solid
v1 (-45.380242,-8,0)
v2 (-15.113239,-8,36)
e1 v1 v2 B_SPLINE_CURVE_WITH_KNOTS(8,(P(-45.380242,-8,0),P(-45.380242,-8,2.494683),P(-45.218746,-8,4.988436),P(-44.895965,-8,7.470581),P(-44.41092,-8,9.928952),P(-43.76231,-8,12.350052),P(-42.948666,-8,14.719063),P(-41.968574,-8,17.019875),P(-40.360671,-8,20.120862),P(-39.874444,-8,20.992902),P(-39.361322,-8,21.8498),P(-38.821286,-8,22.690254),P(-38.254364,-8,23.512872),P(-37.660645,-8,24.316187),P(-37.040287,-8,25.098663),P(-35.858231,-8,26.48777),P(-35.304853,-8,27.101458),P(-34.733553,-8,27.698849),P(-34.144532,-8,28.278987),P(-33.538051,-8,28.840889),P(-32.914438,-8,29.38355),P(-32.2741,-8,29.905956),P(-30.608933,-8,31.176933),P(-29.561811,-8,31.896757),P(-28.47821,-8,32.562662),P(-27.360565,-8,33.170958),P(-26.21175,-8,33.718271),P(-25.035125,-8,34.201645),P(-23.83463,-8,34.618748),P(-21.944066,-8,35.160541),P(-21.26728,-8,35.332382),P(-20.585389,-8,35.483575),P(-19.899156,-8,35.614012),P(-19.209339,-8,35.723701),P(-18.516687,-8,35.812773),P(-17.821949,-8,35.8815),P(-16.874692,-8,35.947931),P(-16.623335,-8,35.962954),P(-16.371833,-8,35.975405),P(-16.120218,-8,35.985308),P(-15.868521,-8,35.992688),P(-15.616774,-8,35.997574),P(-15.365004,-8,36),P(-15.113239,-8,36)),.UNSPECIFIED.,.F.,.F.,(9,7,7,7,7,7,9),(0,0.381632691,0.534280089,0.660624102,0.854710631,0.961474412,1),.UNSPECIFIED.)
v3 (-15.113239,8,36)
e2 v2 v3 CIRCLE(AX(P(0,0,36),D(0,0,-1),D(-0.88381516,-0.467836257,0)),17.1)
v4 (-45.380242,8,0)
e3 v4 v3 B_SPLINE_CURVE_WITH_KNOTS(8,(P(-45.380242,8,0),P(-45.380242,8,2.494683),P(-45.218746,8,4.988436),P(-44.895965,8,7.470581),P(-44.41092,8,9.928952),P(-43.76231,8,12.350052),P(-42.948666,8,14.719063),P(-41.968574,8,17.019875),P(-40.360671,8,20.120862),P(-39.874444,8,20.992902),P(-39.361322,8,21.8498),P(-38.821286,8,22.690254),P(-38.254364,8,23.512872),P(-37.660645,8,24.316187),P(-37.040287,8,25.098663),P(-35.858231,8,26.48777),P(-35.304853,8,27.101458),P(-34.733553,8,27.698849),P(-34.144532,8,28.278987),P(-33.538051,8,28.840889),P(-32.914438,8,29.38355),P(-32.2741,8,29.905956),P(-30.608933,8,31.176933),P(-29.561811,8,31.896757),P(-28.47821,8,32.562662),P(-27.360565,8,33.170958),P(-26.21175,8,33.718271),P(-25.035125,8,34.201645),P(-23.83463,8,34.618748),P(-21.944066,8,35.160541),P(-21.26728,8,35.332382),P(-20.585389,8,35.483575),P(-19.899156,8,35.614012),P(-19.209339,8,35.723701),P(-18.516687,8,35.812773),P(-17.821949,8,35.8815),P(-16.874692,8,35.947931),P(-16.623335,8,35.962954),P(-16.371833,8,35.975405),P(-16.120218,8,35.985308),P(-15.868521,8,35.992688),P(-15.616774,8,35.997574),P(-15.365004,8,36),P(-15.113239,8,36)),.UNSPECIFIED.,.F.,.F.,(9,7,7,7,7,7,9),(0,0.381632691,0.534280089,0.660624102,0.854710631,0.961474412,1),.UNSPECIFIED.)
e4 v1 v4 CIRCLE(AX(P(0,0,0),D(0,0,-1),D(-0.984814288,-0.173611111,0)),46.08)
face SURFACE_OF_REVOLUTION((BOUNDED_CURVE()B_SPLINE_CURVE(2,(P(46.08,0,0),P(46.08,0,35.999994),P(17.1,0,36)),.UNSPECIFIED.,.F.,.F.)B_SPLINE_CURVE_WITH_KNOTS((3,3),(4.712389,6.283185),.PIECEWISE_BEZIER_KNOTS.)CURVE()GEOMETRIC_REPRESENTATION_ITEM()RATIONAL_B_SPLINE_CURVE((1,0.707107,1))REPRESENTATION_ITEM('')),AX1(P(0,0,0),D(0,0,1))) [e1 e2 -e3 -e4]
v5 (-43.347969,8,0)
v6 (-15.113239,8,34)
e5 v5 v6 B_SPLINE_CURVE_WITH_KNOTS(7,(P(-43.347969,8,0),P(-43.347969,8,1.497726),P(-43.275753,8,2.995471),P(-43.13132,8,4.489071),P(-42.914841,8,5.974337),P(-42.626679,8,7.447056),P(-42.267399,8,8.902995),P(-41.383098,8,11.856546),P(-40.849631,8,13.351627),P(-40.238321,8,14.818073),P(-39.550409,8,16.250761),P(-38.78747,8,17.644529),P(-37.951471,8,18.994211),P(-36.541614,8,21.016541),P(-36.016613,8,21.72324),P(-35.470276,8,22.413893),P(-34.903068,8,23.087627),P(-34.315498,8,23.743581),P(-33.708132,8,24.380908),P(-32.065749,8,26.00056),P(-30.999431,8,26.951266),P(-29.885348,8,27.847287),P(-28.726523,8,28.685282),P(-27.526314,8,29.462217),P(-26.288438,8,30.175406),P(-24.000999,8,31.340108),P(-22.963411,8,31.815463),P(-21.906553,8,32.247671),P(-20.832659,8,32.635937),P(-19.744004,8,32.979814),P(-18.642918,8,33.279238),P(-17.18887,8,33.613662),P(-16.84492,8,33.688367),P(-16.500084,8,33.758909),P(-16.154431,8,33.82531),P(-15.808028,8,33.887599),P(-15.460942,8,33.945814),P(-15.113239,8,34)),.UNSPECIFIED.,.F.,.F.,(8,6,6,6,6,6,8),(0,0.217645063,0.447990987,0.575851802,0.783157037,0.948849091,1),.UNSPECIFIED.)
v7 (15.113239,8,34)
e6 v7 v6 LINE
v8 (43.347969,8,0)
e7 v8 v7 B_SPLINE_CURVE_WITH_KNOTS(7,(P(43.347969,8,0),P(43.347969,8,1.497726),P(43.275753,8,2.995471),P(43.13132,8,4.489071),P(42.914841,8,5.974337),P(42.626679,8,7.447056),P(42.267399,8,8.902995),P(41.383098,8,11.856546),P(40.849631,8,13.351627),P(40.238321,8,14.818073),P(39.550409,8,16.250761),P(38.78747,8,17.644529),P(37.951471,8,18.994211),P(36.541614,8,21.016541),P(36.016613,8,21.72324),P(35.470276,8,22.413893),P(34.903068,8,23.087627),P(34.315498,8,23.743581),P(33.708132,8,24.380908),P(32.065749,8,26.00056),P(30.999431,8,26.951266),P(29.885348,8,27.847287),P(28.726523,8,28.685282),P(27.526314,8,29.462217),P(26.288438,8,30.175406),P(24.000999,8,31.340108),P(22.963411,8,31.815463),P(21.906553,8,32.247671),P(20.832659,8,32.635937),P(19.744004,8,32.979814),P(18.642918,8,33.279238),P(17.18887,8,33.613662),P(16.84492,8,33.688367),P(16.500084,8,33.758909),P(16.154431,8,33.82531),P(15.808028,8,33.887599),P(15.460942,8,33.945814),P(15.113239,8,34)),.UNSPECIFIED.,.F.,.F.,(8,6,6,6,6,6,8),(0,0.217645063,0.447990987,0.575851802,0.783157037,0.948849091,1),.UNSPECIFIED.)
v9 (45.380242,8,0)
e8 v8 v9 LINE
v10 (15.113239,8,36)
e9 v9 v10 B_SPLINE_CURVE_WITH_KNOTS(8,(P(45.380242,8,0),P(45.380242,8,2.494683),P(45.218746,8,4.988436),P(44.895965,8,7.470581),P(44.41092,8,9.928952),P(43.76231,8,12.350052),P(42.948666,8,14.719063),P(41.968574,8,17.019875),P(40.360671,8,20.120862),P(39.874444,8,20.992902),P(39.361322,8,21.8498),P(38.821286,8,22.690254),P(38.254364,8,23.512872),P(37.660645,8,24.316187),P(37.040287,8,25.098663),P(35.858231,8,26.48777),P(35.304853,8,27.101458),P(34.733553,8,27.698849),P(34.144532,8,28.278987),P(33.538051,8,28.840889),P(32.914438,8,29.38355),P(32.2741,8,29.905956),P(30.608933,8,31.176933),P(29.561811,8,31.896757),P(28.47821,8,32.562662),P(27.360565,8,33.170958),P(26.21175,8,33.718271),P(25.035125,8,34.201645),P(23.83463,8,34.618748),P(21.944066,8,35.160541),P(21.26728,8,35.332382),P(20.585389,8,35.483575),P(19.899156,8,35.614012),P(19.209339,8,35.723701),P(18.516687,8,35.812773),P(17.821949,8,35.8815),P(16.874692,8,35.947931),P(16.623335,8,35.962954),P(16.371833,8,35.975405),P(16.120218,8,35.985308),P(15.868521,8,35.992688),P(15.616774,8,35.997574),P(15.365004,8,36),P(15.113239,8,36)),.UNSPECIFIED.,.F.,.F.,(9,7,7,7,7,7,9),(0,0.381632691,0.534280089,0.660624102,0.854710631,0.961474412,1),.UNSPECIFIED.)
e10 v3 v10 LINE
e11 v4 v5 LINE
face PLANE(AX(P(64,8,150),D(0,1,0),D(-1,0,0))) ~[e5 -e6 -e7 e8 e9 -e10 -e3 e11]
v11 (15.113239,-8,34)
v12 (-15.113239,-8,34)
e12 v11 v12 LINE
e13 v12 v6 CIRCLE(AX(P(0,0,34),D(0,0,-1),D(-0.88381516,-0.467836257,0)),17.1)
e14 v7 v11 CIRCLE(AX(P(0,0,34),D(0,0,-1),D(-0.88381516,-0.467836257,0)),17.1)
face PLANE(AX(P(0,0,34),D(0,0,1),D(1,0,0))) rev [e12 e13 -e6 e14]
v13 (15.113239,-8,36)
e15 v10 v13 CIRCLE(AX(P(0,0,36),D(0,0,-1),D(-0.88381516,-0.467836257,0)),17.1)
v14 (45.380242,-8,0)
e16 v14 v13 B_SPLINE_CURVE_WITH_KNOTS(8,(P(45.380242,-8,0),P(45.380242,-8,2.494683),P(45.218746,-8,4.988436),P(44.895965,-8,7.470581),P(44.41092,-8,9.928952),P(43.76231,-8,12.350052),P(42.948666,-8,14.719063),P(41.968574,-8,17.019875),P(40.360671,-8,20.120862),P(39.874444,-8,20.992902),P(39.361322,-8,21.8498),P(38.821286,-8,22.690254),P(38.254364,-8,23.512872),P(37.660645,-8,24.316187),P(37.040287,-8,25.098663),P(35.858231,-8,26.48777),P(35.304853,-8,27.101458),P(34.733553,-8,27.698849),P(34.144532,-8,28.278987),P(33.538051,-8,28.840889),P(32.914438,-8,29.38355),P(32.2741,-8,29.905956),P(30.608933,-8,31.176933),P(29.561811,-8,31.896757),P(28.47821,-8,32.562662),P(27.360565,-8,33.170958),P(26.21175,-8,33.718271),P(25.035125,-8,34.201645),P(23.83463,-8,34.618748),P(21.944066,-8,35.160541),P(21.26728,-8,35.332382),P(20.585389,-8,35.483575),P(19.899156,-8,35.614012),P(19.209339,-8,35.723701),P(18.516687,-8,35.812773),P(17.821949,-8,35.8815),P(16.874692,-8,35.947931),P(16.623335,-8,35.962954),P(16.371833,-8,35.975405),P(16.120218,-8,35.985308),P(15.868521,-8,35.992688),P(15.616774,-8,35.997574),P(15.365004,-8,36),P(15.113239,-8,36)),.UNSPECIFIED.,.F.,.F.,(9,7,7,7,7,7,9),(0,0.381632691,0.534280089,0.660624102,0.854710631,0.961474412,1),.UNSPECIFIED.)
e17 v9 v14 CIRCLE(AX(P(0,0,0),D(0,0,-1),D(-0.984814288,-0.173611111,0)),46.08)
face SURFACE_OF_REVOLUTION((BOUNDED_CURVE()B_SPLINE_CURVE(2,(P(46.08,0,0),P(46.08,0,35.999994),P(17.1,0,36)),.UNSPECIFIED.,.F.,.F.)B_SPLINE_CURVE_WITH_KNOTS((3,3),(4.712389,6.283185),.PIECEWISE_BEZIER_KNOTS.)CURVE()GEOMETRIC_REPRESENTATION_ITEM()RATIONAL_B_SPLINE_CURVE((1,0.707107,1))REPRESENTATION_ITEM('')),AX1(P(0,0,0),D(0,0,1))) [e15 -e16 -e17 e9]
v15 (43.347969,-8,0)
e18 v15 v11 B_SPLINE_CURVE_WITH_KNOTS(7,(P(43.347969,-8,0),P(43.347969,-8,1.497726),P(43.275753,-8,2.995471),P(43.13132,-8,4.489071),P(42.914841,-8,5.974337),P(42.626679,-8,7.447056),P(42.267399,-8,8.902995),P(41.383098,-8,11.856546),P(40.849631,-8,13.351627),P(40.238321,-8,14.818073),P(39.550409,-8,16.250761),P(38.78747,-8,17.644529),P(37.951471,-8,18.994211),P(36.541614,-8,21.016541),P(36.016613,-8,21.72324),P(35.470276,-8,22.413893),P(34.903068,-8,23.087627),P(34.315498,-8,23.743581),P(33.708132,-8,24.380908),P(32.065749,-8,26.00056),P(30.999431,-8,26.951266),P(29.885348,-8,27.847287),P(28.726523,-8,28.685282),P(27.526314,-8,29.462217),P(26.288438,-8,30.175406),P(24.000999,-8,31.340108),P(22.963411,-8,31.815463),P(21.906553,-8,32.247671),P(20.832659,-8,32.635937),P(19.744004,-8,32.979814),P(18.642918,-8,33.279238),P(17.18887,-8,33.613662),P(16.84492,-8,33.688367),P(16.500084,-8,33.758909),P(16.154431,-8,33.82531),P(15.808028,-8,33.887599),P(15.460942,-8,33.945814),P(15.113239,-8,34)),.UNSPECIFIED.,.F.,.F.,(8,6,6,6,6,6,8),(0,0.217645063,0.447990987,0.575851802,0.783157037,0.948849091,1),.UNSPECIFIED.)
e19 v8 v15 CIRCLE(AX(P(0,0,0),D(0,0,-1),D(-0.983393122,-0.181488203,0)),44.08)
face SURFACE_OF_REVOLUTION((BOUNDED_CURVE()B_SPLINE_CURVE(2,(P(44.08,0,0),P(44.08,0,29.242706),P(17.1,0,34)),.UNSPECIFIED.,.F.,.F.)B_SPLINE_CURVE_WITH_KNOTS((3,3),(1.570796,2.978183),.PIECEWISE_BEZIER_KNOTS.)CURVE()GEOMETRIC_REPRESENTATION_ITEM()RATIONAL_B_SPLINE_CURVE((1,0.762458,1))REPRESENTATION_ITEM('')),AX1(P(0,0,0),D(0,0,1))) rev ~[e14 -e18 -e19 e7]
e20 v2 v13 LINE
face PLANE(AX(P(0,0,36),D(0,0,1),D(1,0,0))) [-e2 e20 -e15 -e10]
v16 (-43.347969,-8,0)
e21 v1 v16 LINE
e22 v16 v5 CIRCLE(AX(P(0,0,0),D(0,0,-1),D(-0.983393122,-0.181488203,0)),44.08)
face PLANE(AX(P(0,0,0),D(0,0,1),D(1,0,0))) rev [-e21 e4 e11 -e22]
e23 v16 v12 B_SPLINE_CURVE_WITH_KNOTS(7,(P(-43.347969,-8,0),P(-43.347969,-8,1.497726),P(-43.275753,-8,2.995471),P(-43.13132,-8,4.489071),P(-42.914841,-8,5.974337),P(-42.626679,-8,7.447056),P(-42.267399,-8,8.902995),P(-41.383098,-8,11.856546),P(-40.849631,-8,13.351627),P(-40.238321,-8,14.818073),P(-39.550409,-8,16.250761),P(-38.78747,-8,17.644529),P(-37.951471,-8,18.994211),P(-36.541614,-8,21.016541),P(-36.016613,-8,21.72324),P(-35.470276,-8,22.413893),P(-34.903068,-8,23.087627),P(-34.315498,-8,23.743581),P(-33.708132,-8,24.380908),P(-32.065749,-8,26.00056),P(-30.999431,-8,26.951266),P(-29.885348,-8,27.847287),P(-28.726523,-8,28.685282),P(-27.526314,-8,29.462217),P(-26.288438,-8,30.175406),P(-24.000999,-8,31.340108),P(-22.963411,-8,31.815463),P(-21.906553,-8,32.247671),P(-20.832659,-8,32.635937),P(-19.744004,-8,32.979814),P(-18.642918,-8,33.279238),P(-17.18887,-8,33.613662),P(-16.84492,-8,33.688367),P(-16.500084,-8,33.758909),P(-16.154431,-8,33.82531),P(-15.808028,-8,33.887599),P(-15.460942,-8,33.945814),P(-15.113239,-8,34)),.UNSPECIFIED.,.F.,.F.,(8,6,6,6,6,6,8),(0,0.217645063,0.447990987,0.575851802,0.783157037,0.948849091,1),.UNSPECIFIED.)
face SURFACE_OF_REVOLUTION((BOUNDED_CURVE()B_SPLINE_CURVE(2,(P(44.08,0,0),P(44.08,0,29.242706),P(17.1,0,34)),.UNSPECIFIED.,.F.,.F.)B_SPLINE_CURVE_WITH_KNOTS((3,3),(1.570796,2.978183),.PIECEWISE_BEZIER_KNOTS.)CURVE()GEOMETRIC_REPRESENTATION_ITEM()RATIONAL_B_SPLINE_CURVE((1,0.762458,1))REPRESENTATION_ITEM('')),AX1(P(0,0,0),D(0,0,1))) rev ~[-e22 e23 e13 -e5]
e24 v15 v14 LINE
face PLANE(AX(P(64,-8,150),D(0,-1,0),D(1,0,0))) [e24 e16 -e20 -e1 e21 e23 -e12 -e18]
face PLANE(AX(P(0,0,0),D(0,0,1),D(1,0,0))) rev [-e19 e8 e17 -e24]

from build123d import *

# Parameters (mm, degrees)
BOX_W     = 300
BOX_H     = 300
BOX_DEPTH = 300


with BuildPart() as part:
    # Sketch → Revolution (revolve)
    with BuildSketch(Plane.XZ):
        with BuildLine():
            Line((0, 36), (0, 34))
            Line((0, 34), (17.1, 34))
            add(Edge.make_bspline(
                [(44.08, 0), (44.08, 29.242706), (17.1, 34)],
                knots=[1.570796, 1.570796, 1.570796, 2.978183, 2.978183, 2.978183], degree=2, weights=[1, 0.762458, 1]))
            Line((44.08, 0), (46.08, 0))
            add(Edge.make_bspline(
                [(46.08, 0), (46.08, 35.999994), (17.1, 36)],
                knots=[4.712389, 4.712389, 4.712389, 6.283185, 6.283185, 6.283185], degree=2, weights=[1, 0.707107, 1]))
            Line((17.1, 36), (0, 36))
        make_face()
    revolve(axis=Axis((0, 0, 0), (0, 0, 1)))

    # Box → Box (cut)
    with BuildSketch(Plane(origin=(-86, -8, 0), x_dir=(1, 0, 0), z_dir=(0, -1, 0))):
        with Locations((150, 150)):
            Rectangle(BOX_W, BOX_H)
    box = extrude(amount=BOX_DEPTH, mode=Mode.SUBTRACT)

    # Mirrored: Box across XZ
    add(box.mirror(Plane.XZ), mode=Mode.SUBTRACT)


solid = part.part
